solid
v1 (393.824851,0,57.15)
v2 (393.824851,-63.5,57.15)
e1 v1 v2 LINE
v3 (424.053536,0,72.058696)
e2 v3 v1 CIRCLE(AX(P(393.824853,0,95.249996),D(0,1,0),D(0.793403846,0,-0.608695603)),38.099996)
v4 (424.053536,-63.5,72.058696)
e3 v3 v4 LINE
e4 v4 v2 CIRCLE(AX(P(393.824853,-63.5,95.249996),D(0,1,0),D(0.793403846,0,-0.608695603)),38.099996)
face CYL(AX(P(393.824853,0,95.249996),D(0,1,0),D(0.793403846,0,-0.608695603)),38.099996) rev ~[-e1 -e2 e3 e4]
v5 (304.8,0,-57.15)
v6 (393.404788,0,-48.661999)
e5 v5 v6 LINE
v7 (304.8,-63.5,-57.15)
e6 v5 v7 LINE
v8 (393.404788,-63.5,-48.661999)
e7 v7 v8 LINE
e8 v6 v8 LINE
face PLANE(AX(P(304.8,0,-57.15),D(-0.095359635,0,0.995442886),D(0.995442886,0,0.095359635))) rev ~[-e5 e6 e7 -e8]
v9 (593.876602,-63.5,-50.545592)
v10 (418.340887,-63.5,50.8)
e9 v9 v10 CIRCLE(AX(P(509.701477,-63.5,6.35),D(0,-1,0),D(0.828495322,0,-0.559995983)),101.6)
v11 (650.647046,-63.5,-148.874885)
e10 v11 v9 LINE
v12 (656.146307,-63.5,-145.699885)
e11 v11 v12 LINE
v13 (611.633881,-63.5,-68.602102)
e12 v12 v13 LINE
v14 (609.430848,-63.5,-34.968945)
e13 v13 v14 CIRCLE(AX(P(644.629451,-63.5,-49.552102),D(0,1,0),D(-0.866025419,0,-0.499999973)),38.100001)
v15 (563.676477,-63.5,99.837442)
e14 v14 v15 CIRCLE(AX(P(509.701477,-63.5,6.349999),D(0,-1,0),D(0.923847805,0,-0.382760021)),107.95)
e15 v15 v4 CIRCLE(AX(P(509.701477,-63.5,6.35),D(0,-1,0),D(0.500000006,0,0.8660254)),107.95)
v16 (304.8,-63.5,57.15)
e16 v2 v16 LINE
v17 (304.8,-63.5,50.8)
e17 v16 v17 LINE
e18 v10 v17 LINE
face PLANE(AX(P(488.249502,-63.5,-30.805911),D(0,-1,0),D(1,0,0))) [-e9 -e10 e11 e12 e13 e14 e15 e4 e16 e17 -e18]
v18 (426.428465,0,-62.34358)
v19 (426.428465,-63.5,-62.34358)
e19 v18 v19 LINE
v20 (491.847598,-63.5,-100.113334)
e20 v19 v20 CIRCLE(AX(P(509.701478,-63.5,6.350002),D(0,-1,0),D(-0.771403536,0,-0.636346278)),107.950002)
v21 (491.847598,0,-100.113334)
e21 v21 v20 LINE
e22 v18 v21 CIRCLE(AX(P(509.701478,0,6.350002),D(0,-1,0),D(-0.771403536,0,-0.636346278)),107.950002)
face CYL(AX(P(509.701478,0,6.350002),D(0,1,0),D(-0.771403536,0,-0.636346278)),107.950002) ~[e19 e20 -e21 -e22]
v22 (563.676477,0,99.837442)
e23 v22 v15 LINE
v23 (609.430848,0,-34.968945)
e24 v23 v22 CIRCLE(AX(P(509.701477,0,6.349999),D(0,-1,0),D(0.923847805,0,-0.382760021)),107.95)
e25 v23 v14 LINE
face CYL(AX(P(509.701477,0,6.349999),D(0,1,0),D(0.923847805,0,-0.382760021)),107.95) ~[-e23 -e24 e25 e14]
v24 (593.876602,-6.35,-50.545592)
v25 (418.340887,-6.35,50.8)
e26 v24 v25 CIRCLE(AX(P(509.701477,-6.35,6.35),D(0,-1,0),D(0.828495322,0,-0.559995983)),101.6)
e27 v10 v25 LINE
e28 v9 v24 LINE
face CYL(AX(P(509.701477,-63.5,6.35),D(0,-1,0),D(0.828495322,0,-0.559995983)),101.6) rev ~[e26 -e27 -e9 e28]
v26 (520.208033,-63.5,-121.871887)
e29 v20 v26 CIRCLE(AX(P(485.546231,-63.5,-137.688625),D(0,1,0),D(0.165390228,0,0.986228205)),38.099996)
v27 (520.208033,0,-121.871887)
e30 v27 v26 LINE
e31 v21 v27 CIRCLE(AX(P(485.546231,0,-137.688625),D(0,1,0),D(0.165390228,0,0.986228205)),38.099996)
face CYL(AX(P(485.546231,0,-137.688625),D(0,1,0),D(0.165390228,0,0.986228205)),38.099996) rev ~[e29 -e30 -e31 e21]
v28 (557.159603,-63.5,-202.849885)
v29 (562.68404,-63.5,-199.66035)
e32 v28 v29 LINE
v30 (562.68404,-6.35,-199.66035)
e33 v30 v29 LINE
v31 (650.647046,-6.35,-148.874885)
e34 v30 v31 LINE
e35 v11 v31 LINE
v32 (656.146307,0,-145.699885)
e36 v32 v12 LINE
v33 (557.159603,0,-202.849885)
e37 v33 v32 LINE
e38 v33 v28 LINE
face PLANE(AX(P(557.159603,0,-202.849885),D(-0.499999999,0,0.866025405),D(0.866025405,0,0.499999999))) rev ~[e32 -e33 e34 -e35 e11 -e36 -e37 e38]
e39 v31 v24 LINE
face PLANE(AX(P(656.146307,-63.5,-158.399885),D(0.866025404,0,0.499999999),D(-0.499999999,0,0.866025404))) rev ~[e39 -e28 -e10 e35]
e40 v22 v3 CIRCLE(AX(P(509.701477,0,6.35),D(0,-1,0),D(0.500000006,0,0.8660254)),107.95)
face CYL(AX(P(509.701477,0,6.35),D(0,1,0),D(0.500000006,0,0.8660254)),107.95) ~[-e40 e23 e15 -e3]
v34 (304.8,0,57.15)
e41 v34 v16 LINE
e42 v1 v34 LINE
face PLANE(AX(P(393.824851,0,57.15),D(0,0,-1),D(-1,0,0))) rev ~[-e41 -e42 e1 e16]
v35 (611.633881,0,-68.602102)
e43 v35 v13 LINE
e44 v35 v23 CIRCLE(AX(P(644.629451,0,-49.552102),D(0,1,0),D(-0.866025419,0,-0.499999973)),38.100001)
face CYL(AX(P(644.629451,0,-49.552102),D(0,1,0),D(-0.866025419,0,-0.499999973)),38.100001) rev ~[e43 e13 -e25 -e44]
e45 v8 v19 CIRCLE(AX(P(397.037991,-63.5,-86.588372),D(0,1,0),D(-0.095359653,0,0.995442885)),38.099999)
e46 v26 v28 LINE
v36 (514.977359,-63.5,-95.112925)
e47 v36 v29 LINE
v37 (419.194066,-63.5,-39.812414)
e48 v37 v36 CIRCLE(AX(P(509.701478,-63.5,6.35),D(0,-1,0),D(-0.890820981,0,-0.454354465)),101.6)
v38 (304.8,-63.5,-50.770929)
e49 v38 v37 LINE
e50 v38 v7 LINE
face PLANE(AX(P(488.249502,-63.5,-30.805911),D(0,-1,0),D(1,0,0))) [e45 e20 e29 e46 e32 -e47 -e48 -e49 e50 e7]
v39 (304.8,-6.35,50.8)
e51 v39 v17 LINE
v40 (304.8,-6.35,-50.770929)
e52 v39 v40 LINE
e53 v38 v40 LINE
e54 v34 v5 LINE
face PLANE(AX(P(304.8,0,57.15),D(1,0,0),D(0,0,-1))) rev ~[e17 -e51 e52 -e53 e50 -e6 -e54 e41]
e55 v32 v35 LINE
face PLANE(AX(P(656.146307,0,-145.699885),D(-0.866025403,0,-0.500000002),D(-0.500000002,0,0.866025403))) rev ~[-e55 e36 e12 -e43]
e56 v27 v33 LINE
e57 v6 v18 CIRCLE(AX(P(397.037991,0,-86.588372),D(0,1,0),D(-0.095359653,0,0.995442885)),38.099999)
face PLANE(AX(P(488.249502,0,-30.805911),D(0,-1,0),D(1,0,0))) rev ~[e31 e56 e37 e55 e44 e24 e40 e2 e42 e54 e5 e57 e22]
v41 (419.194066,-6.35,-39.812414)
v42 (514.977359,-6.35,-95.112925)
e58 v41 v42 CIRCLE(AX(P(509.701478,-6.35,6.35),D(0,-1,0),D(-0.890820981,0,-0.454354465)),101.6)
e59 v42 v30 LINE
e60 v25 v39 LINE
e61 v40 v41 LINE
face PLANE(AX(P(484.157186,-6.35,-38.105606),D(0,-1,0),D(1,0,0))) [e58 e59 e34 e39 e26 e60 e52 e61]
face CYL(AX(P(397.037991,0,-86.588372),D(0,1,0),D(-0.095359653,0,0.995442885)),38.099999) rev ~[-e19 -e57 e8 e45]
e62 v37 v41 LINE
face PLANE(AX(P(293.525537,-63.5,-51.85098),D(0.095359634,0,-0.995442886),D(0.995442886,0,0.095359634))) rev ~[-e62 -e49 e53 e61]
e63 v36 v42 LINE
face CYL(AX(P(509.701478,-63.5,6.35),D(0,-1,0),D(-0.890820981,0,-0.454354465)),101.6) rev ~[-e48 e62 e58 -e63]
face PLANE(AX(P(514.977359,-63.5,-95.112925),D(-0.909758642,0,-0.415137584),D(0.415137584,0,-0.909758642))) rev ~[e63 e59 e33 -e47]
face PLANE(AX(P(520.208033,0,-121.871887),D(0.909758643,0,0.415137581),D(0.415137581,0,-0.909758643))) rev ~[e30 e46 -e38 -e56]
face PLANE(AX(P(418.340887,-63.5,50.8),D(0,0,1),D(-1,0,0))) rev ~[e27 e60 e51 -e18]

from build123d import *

# Parameters (mm, degrees)
F1_DEPTH = 63.5
F3_DEPTH = 57.15


with BuildPart() as f1:
    # F0 (on Front) → F1 (new body)
    with BuildSketch(Plane.XZ):
        with BuildLine():
            Line((393.824851, 57.15), (304.8, 57.15))
            Line((304.8, 57.15), (304.8, -57.15))
            Line((304.8, -57.15), (393.404788, -48.661999))
            ThreePointArc((393.404788, -48.661999), (411.620709, -51.38959), (426.428465, -62.34358))
            ThreePointArc((426.428465, -62.34358), (455.726477, -87.137442), (491.847598, -100.113334))
            ThreePointArc((491.847598, -100.113334), (508.73791, -107.460232), (520.208033, -121.871887))
            Line((520.208033, -121.871887), (557.159603, -202.849885))
            Line((557.159603, -202.849885), (656.146307, -145.699885))
            Line((656.146307, -145.699885), (611.633881, -68.602102))
            ThreePointArc((611.633881, -68.602102), (606.610921, -52.042385), (609.430848, -34.968945))
            ThreePointArc((609.430848, -34.968945), (611.924023, 41.045153), (563.676477, 99.837442))
            ThreePointArc((563.676477, 99.837442), (488.637088, 112.224898), (424.053536, 72.058696))
            ThreePointArc((424.053536, 72.058696), (410.677467, 61.079847), (393.824851, 57.15))
        make_face()
    extrude(amount=F1_DEPTH)


with BuildPart() as f3:
    # F2 (on face) → F3 (new body)
    with BuildSketch(Plane.XZ.offset(63.5)):
        with BuildLine():
            Line((293.525537, -51.85098), (419.194066, -39.812414))
            ThreePointArc((419.194066, -39.812414), (458.901477, -81.638181), (514.977359, -95.112925))
            Line((514.977359, -95.112925), (570.314071, -216.38128))
            Line((570.314071, -216.38128), (656.146307, -158.399885))
            Line((656.146307, -158.399885), (593.876602, -50.545592))
            ThreePointArc((593.876602, -50.545592), (560.501477, 94.338181), (418.340887, 50.8))
            Line((418.340887, 50.8), (288.119435, 50.8))
            Line((288.119435, 50.8), (293.525537, -51.85098))
        make_face()
    extrude(amount=-F3_DEPTH)


with BuildPart() as f1_1:
    add(f1.part)

    # F4: cut F3
    add(f3.part, mode=Mode.SUBTRACT)


solid = f1_1.part
